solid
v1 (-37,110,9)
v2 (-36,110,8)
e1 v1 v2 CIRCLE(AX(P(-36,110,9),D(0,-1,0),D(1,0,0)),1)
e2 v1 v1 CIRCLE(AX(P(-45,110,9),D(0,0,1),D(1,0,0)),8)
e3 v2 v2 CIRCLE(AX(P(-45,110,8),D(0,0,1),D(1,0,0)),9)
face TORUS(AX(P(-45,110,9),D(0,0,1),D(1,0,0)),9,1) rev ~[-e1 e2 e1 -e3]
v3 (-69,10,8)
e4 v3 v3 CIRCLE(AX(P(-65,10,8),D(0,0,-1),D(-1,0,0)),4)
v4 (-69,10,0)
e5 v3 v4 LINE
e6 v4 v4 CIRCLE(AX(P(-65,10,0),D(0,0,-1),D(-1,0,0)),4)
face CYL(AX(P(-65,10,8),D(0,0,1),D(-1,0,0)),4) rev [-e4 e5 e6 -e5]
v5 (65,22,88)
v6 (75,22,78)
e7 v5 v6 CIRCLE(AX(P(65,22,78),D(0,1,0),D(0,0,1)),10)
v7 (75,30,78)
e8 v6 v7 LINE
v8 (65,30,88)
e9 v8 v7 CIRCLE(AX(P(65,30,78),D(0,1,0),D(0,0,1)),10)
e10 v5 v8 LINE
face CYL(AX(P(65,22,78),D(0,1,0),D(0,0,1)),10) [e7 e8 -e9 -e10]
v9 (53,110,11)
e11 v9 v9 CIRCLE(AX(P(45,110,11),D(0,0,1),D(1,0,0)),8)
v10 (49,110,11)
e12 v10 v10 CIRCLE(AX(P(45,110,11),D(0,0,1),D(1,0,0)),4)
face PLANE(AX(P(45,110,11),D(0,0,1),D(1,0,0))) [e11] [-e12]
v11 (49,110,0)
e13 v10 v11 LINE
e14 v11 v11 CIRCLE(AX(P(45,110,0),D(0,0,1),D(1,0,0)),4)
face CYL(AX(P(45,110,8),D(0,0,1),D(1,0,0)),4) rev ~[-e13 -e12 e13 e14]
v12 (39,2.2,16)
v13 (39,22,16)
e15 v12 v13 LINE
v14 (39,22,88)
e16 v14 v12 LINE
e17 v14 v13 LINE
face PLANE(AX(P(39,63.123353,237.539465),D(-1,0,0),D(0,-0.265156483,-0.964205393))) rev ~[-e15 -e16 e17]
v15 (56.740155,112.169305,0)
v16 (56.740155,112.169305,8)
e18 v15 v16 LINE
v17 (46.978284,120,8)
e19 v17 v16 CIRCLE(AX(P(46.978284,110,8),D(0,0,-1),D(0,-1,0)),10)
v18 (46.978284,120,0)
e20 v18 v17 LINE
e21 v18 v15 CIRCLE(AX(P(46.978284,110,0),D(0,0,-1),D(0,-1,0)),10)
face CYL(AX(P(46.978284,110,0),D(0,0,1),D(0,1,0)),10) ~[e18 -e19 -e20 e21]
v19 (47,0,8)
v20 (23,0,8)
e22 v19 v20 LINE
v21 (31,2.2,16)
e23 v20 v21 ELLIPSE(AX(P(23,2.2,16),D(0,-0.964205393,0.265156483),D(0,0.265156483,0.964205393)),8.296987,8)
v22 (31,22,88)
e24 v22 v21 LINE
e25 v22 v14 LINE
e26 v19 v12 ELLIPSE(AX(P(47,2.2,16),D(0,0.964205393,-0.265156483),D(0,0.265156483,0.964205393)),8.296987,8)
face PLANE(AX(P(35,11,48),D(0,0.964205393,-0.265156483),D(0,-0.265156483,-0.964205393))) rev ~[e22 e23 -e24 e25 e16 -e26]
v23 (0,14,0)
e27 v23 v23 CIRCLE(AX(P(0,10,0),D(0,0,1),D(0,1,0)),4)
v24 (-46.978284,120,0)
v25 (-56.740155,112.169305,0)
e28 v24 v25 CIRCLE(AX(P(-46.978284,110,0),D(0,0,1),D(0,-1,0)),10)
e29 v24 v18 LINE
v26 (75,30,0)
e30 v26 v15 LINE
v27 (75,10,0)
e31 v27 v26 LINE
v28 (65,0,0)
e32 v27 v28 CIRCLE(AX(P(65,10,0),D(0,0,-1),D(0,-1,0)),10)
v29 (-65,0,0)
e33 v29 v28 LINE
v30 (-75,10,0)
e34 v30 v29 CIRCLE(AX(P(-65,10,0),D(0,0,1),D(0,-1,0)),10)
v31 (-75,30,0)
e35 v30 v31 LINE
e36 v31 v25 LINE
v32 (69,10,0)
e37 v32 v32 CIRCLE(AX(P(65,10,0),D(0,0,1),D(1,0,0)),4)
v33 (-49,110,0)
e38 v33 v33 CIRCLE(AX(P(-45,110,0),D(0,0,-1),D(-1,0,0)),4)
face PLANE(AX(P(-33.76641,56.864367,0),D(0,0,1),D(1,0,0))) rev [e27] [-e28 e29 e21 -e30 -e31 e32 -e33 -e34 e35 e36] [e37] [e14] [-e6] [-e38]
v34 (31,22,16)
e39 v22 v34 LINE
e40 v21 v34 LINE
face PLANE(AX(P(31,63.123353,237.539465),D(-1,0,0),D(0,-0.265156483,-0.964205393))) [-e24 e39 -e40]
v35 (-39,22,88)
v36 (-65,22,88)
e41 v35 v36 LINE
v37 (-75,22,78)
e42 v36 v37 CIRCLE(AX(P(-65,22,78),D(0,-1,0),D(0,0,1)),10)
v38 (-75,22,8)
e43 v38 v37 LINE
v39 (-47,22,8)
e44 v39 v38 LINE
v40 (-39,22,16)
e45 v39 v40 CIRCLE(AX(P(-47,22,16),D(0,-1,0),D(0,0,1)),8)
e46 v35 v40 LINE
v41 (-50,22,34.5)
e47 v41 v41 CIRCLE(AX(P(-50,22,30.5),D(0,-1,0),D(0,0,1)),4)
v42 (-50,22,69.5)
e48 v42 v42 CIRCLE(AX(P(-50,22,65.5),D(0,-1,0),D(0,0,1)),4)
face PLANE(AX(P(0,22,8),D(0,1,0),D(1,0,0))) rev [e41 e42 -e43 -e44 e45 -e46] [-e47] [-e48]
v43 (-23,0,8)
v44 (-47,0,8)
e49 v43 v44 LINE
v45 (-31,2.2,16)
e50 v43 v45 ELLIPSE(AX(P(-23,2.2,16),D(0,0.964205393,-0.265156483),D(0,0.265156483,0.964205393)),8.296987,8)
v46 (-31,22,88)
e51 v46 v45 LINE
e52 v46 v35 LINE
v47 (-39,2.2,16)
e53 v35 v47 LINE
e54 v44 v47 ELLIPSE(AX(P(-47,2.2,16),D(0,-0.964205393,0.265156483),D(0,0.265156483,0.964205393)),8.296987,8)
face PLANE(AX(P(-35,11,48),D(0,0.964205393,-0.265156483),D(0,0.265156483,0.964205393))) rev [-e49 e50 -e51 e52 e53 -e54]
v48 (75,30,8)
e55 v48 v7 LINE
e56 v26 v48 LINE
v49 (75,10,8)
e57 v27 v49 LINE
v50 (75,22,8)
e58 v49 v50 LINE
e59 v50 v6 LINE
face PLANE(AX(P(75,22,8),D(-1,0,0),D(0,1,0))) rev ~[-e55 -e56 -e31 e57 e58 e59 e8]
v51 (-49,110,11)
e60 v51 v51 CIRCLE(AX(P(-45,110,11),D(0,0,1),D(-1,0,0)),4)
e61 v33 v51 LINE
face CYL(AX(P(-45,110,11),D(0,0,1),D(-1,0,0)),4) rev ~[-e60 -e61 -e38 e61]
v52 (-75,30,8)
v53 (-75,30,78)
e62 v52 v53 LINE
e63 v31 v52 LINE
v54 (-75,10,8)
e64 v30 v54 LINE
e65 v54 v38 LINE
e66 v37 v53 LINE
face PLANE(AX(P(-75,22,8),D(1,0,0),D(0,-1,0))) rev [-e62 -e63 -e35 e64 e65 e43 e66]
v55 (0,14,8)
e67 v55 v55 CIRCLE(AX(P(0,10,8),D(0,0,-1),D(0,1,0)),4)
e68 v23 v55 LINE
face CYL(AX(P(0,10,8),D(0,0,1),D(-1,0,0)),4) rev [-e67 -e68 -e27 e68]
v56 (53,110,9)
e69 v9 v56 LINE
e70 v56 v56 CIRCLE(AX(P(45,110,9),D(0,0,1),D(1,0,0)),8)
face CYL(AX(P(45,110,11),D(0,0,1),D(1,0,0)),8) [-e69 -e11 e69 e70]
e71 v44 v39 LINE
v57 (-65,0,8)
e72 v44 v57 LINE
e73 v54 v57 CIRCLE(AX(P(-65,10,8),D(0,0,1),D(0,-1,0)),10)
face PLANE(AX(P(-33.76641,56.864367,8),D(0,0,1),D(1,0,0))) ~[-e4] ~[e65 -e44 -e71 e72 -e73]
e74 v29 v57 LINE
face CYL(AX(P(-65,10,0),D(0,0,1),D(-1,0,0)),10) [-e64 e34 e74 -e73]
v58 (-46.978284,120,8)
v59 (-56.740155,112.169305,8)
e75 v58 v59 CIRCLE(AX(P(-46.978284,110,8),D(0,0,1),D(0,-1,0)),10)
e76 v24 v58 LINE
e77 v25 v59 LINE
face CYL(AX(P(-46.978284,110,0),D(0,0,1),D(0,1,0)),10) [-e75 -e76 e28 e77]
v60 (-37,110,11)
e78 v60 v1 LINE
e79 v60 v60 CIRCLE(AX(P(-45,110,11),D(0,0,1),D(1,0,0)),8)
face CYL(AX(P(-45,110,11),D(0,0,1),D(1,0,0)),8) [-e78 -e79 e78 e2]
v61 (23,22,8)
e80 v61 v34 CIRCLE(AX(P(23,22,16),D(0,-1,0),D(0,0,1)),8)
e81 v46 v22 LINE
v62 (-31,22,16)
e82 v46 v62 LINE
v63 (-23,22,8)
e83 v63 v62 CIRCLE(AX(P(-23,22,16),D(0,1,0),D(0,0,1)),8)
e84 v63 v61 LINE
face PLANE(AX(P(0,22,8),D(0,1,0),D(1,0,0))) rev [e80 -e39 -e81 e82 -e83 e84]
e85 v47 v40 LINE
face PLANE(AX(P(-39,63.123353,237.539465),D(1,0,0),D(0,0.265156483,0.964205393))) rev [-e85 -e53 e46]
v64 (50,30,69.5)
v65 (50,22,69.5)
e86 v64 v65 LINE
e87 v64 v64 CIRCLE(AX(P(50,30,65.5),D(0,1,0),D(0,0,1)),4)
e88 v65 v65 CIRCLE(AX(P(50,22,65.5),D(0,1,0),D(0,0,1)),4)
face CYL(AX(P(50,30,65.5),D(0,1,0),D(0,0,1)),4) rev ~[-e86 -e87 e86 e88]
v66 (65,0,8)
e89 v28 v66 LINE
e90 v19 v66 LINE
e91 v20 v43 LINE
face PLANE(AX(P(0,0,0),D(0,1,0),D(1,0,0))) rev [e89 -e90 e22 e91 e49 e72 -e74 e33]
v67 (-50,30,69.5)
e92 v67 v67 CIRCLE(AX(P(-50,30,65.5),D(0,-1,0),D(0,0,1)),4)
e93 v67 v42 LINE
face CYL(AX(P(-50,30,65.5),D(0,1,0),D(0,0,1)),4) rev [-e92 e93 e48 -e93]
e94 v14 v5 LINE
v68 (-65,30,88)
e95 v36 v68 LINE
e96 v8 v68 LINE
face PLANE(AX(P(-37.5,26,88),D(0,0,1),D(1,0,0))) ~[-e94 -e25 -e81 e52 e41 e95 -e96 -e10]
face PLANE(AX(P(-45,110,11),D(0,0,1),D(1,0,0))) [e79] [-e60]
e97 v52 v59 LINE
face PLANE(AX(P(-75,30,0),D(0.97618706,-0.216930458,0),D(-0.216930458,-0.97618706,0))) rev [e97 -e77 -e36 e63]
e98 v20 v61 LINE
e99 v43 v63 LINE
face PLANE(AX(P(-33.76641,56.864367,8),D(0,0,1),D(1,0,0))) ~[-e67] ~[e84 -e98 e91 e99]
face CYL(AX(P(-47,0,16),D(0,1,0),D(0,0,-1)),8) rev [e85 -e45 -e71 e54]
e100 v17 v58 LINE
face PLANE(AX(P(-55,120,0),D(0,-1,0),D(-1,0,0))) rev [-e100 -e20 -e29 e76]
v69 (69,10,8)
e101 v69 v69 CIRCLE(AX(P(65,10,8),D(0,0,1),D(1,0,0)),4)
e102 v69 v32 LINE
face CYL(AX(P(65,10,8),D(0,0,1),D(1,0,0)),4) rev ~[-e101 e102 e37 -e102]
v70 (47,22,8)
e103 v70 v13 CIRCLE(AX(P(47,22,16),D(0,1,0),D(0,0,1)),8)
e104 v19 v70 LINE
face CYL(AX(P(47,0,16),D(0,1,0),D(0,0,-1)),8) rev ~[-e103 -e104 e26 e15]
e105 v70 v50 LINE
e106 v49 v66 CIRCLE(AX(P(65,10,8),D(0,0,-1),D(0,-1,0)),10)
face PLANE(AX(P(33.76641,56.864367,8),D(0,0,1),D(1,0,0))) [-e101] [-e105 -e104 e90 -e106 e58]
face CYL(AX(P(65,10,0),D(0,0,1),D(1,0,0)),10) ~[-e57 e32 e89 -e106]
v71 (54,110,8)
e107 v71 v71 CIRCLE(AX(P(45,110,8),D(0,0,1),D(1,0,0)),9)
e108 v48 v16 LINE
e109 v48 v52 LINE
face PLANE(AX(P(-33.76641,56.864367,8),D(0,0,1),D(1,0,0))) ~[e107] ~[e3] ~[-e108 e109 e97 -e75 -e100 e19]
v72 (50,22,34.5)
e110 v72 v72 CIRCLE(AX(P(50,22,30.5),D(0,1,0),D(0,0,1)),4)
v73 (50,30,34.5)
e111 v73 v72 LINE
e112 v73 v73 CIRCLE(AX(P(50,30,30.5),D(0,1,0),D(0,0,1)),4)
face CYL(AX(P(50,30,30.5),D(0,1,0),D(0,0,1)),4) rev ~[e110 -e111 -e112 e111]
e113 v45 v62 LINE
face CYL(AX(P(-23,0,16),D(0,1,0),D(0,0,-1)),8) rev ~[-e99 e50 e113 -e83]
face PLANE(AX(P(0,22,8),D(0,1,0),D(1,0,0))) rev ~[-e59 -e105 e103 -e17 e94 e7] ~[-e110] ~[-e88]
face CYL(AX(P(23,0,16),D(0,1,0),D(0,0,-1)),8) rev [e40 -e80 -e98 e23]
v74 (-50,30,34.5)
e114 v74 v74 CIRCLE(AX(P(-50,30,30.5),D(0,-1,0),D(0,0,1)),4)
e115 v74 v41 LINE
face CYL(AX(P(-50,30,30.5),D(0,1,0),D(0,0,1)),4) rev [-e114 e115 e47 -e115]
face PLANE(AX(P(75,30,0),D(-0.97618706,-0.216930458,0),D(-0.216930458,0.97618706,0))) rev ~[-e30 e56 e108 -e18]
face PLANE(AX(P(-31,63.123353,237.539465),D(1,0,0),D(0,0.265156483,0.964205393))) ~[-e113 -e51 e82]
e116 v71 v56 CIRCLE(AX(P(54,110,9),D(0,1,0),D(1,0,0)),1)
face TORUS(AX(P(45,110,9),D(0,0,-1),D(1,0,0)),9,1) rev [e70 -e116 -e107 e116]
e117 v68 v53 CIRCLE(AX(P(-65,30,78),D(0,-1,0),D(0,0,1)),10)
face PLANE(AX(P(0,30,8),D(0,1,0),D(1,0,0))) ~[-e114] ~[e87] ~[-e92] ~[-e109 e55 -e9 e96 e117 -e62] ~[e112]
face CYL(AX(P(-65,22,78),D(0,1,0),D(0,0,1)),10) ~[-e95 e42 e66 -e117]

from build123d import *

# Parameters (mm, degrees)
EXTRUDE_1_DEPTH     = 8
SKETCH_2_R          = 4
CUT_EXTRUDE_1_DEPTH = 142.73566947
SKETCH_3_W          = 75
SKETCH_3_H          = 8
EXTRUDE_2_DEPTH     = 80
SKETCH_5_R          = 4
CUT_EXTRUDE_2_DEPTH = 147.523035732
RIB_1_REACH         = 156.091
SKETCH_6_WALL_W     = 393.151638598
SKETCH_6_WALL_H     = 8
FILLET_2_R          = 10
EXTRUDE_START       = 3
SKETCH_7_R          = 8
SKETCH_7_R_2        = 4
EXTRUDE_3_DEPTH     = 3
FILLET_3_R          = 1
FILLET_4_R          = 8


with BuildPart() as part:
    # Эскиз1 → Бобышка-Вытянуть1 (new body)
    with BuildSketch(Plane.XY):
        Polygon((0, 0), (75, 0), (75, 30), (55, 120), (0, 120), align=None)
    extrude(amount=EXTRUDE_1_DEPTH)

    # Эскиз2 → Вырез-Вытянуть1 (cut, through all)
    with BuildSketch(Plane.XY.offset(8)):
        with Locations((45, 110)):
            Circle(SKETCH_2_R)
        with Locations((0, 10)):
            Circle(SKETCH_2_R)
        with Locations((65, 10)):
            Circle(SKETCH_2_R)
    extrude(amount=-CUT_EXTRUDE_1_DEPTH, mode=Mode.SUBTRACT)

    # Эскиз3 → Бобышка-Вытянуть2 (add)
    with BuildSketch(Plane.XY.offset(8)):
        with Locations((37.5, 26)):
            Rectangle(SKETCH_3_W, SKETCH_3_H)
    extrude(amount=EXTRUDE_2_DEPTH)

    # Эскиз5 → Вырез-Вытянуть2 (cut, through all)
    with BuildSketch(Plane(origin=(0, 30, 0), x_dir=(1, 0, 0), z_dir=(0, 1, 0))):
        with Locations(Location((50, -30.5, 0), (0, 0, 270))):
            Circle(SKETCH_5_R)
        with Locations(Location((50, -65.5, 0), (0, 0, 270))):
            Circle(SKETCH_5_R)
    extrude(amount=-CUT_EXTRUDE_2_DEPTH, mode=Mode.SUBTRACT)

    # Эскиз6 wall → Ребро1 (add, up to next)
    with BuildSketch(Plane(origin=(35, 11, 48), x_dir=(0, -0.265156483021, -0.964205392804), z_dir=(0, 0.964205392804, -0.265156483021)), mode=Mode.PRIVATE) as rib_1_sk1:
        Rectangle(SKETCH_6_WALL_W, SKETCH_6_WALL_H)
    rib_1_tool1 = extrude(rib_1_sk1.sketch, amount=RIB_1_REACH, mode=Mode.PRIVATE) - part.part
    add(rib_1_tool1.solids().sort_by_distance((35, 11, 48))[0])

    # Скругление2
    fillet_2_edges = [part.edges().sort_by_distance(p)[0] for p in [
        (55, 120, 4),
        (75, 0, 4),
        (75, 26, 88),
    ]]
    fillet(fillet_2_edges, radius=FILLET_2_R)

    # Зеркальное отражение1: part across plane


with BuildPart() as part_1:
    add(part.part)
    add(part.part.mirror(Plane(origin=(0, 120, 8), x_dir=(0, 0, 1), z_dir=(1, 0, 0))))

    # Эскиз7 → Бобышка-Вытянуть3 (add)
    # profile 1 of 2: a face of its own
    with BuildSketch(Plane.XY.offset(8).offset(EXTRUDE_START)):
        with Locations((-45, 110)):
            Circle(SKETCH_7_R)
        with Locations(Location((-45, 110, 0), (0, 0, 180))):
            Circle(SKETCH_7_R_2, mode=Mode.SUBTRACT)
    # profile 2 of 2: a face of its own
    with BuildSketch(Plane.XY.offset(8).offset(EXTRUDE_START)):
        with Locations((45, 110)):
            Circle(SKETCH_7_R)
        with Locations((45, 110)):
            Circle(SKETCH_7_R_2, mode=Mode.SUBTRACT)
    extrude(amount=-EXTRUDE_3_DEPTH)

    # Скругление3
    fillet_3_edges = [part_1.edges().sort_by_distance(p)[0] for p in [
        (-53, 110, 8),
        (37, 110, 8),
    ]]
    fillet(fillet_3_edges, radius=FILLET_3_R)

    # Скругление4
    fillet_4_edges = [part_1.edges().sort_by_distance(p)[0] for p in [
        (-39, 11, 8),
        (-31, 11, 8),
        (31, 11, 8),
        (39, 11, 8),
    ]]
    fillet(fillet_4_edges, radius=FILLET_4_R)


solid = part_1.part
